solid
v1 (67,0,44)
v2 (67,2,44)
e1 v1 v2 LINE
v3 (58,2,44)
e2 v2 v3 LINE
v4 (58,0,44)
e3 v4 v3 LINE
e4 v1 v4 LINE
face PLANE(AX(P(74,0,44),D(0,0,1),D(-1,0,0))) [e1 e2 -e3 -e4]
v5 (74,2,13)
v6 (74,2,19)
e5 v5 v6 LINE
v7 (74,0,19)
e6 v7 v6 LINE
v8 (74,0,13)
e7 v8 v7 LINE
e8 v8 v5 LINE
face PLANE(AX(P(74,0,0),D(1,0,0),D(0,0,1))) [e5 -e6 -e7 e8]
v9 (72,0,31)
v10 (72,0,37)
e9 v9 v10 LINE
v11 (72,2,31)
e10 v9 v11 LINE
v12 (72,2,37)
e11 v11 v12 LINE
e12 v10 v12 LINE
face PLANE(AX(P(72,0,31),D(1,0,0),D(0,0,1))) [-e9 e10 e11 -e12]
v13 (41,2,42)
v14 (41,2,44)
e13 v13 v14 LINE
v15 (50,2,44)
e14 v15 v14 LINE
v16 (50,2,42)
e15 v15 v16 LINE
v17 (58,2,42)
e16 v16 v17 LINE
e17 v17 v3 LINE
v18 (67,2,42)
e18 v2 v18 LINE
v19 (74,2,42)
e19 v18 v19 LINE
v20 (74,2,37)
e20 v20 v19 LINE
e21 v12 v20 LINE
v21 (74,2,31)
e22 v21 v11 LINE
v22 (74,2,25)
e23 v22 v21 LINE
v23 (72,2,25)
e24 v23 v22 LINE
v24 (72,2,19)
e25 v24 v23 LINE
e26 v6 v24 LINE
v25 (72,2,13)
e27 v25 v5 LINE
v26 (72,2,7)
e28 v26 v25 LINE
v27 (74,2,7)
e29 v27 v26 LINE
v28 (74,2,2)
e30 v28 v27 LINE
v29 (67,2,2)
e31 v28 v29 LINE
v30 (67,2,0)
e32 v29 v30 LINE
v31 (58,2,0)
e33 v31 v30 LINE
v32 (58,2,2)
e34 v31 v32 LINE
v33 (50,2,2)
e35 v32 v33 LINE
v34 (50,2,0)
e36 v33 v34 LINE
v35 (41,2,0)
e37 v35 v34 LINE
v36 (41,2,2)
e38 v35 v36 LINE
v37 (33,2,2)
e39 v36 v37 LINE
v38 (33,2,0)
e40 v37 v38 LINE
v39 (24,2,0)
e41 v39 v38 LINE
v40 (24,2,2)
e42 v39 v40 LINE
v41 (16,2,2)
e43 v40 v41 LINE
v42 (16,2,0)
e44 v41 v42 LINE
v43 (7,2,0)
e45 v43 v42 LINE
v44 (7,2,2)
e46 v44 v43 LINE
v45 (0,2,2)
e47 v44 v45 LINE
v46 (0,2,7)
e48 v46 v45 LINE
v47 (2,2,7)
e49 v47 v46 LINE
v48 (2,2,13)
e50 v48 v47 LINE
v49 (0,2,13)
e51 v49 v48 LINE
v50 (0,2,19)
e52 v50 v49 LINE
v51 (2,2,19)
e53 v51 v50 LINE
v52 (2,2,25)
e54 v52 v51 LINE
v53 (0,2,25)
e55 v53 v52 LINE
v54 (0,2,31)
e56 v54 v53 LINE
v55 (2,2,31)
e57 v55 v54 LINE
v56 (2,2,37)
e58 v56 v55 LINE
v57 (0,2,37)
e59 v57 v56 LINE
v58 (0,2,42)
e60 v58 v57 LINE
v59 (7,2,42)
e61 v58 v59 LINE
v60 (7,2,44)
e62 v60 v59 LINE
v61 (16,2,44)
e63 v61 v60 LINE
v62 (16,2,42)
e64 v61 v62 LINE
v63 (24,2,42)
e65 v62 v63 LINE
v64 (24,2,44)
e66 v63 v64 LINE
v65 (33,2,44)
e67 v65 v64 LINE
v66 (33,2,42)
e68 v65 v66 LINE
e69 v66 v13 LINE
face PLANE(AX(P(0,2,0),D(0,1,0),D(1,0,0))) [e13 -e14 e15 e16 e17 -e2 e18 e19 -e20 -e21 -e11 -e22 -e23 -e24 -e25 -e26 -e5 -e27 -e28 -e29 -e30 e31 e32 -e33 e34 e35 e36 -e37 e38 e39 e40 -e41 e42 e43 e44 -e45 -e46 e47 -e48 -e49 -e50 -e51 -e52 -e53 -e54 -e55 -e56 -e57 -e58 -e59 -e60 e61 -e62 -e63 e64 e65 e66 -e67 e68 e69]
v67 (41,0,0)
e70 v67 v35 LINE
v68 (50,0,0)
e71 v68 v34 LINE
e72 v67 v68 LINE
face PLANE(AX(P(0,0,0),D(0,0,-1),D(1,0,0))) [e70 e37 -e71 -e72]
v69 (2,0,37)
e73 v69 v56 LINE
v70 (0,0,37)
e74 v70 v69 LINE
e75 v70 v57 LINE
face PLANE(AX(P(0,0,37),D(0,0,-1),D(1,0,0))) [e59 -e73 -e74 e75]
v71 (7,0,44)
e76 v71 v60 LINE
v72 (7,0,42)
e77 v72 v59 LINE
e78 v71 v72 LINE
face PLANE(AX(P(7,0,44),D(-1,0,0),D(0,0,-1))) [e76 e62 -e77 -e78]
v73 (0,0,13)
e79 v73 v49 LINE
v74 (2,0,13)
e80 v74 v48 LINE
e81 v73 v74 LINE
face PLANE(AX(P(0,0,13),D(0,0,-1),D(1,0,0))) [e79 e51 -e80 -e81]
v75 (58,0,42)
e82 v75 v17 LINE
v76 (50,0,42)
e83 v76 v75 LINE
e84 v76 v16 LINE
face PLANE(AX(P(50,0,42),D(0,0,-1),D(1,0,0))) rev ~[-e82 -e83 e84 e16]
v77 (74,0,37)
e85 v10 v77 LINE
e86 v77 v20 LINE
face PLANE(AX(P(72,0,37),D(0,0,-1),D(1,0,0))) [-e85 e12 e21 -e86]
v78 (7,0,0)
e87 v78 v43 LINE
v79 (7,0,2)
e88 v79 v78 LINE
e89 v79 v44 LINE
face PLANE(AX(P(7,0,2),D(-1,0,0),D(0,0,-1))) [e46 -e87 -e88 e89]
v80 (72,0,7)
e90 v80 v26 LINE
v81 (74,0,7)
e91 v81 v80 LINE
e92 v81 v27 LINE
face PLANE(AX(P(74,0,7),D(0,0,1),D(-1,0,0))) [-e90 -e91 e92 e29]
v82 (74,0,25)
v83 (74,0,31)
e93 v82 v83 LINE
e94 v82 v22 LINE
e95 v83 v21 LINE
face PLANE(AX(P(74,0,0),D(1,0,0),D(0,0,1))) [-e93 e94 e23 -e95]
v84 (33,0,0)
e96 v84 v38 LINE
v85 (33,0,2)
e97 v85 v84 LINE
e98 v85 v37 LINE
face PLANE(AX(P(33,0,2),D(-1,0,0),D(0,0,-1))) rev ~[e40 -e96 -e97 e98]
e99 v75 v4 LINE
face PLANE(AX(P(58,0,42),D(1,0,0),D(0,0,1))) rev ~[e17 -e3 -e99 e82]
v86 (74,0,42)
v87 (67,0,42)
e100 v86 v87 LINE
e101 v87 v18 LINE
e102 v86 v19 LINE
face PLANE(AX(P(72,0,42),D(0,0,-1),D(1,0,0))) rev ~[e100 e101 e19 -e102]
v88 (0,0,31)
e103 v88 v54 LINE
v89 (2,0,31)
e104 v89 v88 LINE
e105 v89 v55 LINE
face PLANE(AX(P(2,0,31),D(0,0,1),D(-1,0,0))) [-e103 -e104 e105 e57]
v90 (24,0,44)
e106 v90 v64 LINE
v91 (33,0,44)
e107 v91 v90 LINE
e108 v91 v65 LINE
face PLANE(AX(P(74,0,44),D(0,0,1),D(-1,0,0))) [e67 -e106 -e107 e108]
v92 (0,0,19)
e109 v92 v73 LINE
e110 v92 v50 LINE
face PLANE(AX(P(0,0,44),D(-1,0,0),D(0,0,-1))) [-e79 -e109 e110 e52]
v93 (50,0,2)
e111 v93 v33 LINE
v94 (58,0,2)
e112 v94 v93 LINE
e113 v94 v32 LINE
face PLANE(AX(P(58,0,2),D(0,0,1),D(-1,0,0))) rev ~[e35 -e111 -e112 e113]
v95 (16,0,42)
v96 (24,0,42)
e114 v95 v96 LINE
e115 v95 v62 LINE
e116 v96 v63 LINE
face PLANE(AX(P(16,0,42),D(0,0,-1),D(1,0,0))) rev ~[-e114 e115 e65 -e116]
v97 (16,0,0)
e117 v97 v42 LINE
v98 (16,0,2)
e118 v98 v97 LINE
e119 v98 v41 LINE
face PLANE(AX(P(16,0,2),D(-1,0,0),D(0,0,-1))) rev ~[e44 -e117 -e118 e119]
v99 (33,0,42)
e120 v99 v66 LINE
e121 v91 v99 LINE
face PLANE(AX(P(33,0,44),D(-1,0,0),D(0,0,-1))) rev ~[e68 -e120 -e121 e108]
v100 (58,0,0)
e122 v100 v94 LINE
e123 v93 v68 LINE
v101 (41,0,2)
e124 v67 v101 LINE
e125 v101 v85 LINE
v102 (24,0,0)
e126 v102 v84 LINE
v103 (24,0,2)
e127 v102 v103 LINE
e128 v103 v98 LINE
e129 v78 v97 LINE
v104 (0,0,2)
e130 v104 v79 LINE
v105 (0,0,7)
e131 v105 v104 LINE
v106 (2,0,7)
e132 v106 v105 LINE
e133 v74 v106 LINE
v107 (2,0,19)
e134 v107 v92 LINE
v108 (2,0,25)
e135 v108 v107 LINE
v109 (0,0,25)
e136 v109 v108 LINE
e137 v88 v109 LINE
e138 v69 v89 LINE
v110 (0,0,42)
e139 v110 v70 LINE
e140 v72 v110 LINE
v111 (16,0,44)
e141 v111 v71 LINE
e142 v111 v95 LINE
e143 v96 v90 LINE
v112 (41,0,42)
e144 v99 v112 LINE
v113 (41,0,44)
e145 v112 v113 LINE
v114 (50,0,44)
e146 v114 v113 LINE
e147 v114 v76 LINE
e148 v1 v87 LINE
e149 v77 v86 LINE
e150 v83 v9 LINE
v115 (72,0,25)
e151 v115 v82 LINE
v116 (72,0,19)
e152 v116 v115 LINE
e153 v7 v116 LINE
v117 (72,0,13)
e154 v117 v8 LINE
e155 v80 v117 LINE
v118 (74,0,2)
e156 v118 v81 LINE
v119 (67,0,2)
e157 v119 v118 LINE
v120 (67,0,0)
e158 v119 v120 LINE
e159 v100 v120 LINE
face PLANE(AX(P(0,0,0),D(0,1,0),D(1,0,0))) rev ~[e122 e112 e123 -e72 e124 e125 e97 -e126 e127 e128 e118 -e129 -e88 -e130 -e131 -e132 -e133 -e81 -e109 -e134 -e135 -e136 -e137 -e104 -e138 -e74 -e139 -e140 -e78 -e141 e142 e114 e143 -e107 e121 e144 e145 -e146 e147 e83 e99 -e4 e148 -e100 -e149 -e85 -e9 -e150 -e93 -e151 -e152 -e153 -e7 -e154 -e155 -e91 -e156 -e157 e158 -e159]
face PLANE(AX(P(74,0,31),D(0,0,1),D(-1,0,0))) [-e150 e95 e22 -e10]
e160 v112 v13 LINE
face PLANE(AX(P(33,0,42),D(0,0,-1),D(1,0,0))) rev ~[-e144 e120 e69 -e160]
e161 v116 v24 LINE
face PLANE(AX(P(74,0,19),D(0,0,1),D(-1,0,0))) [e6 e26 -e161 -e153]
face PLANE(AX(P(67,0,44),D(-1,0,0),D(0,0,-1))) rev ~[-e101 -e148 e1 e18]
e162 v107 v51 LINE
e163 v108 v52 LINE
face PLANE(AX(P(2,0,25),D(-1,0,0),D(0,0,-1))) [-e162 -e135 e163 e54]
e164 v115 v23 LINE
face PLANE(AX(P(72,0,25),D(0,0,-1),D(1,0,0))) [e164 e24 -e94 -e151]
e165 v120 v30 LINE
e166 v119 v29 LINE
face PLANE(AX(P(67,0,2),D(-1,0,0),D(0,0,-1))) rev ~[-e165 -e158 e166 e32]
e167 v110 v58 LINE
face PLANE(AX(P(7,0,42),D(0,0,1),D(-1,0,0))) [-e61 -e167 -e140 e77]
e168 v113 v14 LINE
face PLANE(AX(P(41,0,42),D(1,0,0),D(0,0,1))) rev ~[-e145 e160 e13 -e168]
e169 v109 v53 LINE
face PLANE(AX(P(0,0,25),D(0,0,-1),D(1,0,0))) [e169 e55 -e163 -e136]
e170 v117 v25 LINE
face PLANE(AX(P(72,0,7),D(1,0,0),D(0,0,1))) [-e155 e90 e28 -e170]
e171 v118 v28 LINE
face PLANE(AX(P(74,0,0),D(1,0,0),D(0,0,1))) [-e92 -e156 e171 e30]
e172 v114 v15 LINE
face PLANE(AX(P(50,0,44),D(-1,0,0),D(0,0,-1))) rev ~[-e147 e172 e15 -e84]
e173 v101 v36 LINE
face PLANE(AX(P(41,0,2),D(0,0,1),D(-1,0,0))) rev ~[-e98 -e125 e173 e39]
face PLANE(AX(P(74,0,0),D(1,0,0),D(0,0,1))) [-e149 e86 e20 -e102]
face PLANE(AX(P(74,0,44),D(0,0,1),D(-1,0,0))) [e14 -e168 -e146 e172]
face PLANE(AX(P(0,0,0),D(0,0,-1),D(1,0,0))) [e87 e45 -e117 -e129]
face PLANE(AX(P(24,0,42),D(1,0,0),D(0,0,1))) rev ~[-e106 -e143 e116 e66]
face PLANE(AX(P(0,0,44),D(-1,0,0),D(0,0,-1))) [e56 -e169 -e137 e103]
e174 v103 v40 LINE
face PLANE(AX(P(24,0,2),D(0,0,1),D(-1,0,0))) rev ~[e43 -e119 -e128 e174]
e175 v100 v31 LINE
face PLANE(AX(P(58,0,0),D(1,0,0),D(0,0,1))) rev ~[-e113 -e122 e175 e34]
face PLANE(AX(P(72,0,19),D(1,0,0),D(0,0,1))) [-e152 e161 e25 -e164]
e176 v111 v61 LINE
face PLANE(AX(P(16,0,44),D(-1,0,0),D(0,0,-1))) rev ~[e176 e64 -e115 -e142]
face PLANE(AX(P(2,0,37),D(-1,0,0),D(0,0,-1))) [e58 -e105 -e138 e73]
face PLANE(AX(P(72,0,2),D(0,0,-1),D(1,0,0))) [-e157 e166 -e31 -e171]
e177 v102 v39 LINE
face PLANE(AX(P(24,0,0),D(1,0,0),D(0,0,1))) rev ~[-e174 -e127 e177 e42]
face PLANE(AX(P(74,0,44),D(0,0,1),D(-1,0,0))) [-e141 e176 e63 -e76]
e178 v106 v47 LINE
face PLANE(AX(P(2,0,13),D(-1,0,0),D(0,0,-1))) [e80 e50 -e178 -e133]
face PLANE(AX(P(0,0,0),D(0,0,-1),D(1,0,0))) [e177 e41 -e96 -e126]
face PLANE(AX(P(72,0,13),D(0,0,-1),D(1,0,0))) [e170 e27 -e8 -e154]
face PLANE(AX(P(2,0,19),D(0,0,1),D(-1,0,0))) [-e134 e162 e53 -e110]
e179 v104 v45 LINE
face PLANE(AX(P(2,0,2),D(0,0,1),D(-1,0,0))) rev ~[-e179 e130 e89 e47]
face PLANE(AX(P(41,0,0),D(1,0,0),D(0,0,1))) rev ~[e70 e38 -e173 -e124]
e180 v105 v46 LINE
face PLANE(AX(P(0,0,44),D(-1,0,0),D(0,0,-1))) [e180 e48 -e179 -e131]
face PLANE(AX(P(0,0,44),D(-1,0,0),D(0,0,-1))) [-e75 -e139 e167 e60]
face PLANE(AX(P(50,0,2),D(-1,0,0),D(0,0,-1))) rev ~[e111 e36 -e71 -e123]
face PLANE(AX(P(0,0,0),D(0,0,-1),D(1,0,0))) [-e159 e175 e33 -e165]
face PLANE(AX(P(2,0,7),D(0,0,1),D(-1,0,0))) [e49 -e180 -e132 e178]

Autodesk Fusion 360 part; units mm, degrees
sketch "スケッチ1" plane through (0, 0, 0) normal (0, 1, 0) x (1, 0, 0)
  line L0 (0, 0) -> (74, 0)
  line L1 (74, 0) -> (74, -44)
  line L2 (74, -44) -> (0, -44)
  line L3 (0, -44) -> (0, 0)
  dimension "d1" = 74
  dimension "d2" = 44
extrude "押し出し1" add sketch "スケッチ1" along normal blind 2
sketch "スケッチ2" plane through (0, 0, 0) normal (0, -1, 0) x (1, 0, 0)
  line L0 (74, 44) -> (0, 44)
  line L1 (0, 44) -> (0, 0)
  line L2 (0, 0) -> (74, 0)
  line L3 (74, 0) -> (74, 44)
  line L4 (72, 37) -> (74, 37)
  line L5 (74, 37) -> (74, 31)
  line L6 (74, 31) -> (72, 31)
  line L7 (72, 31) -> (72, 37)
  line L8 (74, 25) -> (74, 19)
  line L9 (74, 19) -> (72, 19)
  line L10 (72, 19) -> (72, 25)
  line L11 (72, 25) -> (74, 25)
  line L12 (74, 13) -> (74, 7)
  line L13 (74, 7) -> (72, 7)
  line L14 (72, 7) -> (72, 13)
  line L15 (72, 13) -> (74, 13)
  line L16 (2, 25) -> (2, 19)
  line L17 (2, 31) -> (0, 31)
  line L18 (2, 37) -> (2, 31)
  line L19 (0, 25) -> (2, 25)
  line L20 (2, 13) -> (2, 7)
  line L21 (0, 19) -> (0, 25)
  line L22 (0, 13) -> (2, 13)
  line L23 (2, 7) -> (0, 7)
  line L24 (0, 31) -> (0, 37)
  line L25 (0, 37) -> (2, 37)
  line L26 (0, 7) -> (0, 13)
  line L27 (2, 19) -> (0, 19)
  line L28 (74, 44) -> (72, 44)
  line L29 (72, 44) -> (72, 42)
  line L30 (72, 42) -> (74, 42)
  line L31 (74, 42) -> (74, 44)
  line L32 (0, 44) -> (2, 44)
  line L33 (2, 44) -> (2, 42)
  line L34 (2, 42) -> (0, 42)
  line L35 (0, 42) -> (0, 44)
  line L36 (0, 0) -> (2, 0)
  line L37 (2, 0) -> (2, 2)
  line L38 (2, 2) -> (0, 2)
  line L39 (0, 2) -> (0, 0)
  line L40 (74, 0) -> (72, 0)
  line L41 (72, 0) -> (72, 2)
  line L42 (72, 2) -> (74, 2)
  line L43 (74, 2) -> (74, 0)
  dimension "d7" = 0
  dimension "d8" = -12
  dimension "d9" = 2
  dimension "d10" = 7
  dimension "d11" = 6
  dimension "d12" = 6
  dimension "d13" = 7
  dimension "d16" = -72
  dimension "d17" = 0
extrude "押し出し2" cut sketch "スケッチ2" against normal blind 2 contours L0 L3 L28 L29 L30 L31 | L0 L1 L32 L33 L34 L35 | L3 L4 L5 L6 L7 | L3 L8 L9 L10 L11 | L1 L17 L18 L24 L25 | L3 L12 L13 L14 L15 | L1 L16 L19 L21 L27 | L2 L3 L40 L41 L42 L43 | L1 L20 L22 L23 L26 | L1 L2 L36 L37 L38 L39
sketch "スケッチ3" plane through (0, 0, 0) normal (0, -1, 0) x (1, 0, 0)
  line L0 (74, 31) -> (72, 31)
  line L1 (72, 31) -> (72, 37)
  line L2 (72, 37) -> (74, 37)
  line L3 (74, 37) -> (74, 42)
  line L4 (74, 42) -> (72, 42)
  line L5 (72, 42) -> (72, 44)
  line L6 (72, 44) -> (2, 44)
  line L7 (2, 44) -> (2, 42)
  line L8 (2, 42) -> (0, 42)
  line L9 (0, 42) -> (0, 37)
  line L10 (0, 37) -> (2, 37)
  line L11 (2, 37) -> (2, 31)
  line L12 (2, 31) -> (0, 31)
  line L13 (0, 31) -> (0, 25)
  line L14 (0, 25) -> (2, 25)
  line L15 (2, 25) -> (2, 19)
  line L16 (2, 19) -> (0, 19)
  line L17 (0, 19) -> (0, 13)
  line L18 (0, 13) -> (2, 13)
  line L19 (2, 13) -> (2, 7)
  line L20 (2, 7) -> (0, 7)
  line L21 (0, 7) -> (0, 2)
  line L22 (0, 2) -> (2, 2)
  line L23 (2, 2) -> (2, 0)
  line L24 (2, 0) -> (72, 0)
  line L25 (72, 0) -> (72, 2)
  line L26 (72, 2) -> (74, 2)
  line L27 (74, 2) -> (74, 7)
  line L28 (74, 7) -> (72, 7)
  line L29 (72, 7) -> (72, 13)
  line L30 (72, 13) -> (74, 13)
  line L31 (74, 13) -> (74, 19)
  line L32 (74, 19) -> (72, 19)
  line L33 (72, 19) -> (72, 25)
  line L34 (72, 25) -> (74, 25)
  line L35 (74, 25) -> (74, 31)
  line L36 (0, 44) -> (7, 44)
  line L37 (7, 44) -> (7, 42)
  line L38 (7, 42) -> (0, 42)
  line L39 (0, 42) -> (0, 44)
  line L40 (16, 42) -> (24, 42)
  line L41 (24, 42) -> (24, 44)
  line L42 (24, 44) -> (16, 44)
  line L43 (16, 44) -> (16, 42)
  line L44 (41, 42) -> (41, 44)
  line L45 (33, 42) -> (41, 42)
  line L46 (41, 44) -> (33, 44)
  line L47 (33, 44) -> (33, 42)
  line L48 (58, 42) -> (58, 44)
  line L49 (50, 42) -> (58, 42)
  line L50 (58, 44) -> (50, 44)
  line L51 (50, 44) -> (50, 42)
  line L52 (67, 42) -> (74, 42)
  line L53 (74, 42) -> (74, 44)
  line L54 (74, 44) -> (67, 44)
  line L55 (67, 44) -> (67, 42)
  line L56 (7, 0) -> (0, 0)
  line L57 (41, 2) -> (33, 2)
  line L58 (33, 2) -> (33, 0)
  line L59 (50, 2) -> (50, 0)
  line L60 (24, 2) -> (16, 2)
  line L61 (24, 0) -> (24, 2)
  line L62 (16, 0) -> (24, 0)
  line L63 (7, 2) -> (7, 0)
  line L64 (50, 0) -> (58, 0)
  line L65 (67, 2) -> (67, 0)
  line L66 (0, 0) -> (0, 2)
  line L67 (74, 2) -> (67, 2)
  line L68 (41, 0) -> (41, 2)
  line L69 (58, 2) -> (50, 2)
  line L70 (16, 2) -> (16, 0)
  line L71 (33, 0) -> (41, 0)
  line L72 (67, 0) -> (74, 0)
  line L73 (58, 0) -> (58, 2)
  line L74 (0, 2) -> (7, 2)
  line L75 (74, 0) -> (74, 2)
  line L76 (72, 0) -> (72, 2)
  line L77 (74, 0) -> (72, 0)
  line L78 (2, 2) -> (2, 0)
  line L79 (2, 0) -> (0, 0)
  dimension "d20" = 8
  dimension "d21" = 2
  dimension "d22" = 2
  dimension "d23" = 9
  dimension "d26" = 17
  dimension "d27" = 0
  dimension "d28" = 2
  dimension "d29" = 9
extrude "押し出し3" cut sketch "スケッチ3" against normal blind 2 contours L4 L5 L52 L53 L54 | L5 L6 L52 L54 L55 | L6 L48 L49 L50 L51 | L25 L26 L67 L72 L75 L76 L77 | L6 L44 L45 L46 L47 | L24 L25 L65 L67 L72 L76 | L6 L40 L41 L42 L43 | L24 L59 L64 L69 L73 | L6 L7 L36 L37 L38 | L7 L8 L36 L38 L39 | L24 L57 L58 L68 L71 | L24 L60 L61 L62 L70 | L23 L24 L56 L63 L74 L78 | L22 L23 L56 L66 L74 L78 L79
